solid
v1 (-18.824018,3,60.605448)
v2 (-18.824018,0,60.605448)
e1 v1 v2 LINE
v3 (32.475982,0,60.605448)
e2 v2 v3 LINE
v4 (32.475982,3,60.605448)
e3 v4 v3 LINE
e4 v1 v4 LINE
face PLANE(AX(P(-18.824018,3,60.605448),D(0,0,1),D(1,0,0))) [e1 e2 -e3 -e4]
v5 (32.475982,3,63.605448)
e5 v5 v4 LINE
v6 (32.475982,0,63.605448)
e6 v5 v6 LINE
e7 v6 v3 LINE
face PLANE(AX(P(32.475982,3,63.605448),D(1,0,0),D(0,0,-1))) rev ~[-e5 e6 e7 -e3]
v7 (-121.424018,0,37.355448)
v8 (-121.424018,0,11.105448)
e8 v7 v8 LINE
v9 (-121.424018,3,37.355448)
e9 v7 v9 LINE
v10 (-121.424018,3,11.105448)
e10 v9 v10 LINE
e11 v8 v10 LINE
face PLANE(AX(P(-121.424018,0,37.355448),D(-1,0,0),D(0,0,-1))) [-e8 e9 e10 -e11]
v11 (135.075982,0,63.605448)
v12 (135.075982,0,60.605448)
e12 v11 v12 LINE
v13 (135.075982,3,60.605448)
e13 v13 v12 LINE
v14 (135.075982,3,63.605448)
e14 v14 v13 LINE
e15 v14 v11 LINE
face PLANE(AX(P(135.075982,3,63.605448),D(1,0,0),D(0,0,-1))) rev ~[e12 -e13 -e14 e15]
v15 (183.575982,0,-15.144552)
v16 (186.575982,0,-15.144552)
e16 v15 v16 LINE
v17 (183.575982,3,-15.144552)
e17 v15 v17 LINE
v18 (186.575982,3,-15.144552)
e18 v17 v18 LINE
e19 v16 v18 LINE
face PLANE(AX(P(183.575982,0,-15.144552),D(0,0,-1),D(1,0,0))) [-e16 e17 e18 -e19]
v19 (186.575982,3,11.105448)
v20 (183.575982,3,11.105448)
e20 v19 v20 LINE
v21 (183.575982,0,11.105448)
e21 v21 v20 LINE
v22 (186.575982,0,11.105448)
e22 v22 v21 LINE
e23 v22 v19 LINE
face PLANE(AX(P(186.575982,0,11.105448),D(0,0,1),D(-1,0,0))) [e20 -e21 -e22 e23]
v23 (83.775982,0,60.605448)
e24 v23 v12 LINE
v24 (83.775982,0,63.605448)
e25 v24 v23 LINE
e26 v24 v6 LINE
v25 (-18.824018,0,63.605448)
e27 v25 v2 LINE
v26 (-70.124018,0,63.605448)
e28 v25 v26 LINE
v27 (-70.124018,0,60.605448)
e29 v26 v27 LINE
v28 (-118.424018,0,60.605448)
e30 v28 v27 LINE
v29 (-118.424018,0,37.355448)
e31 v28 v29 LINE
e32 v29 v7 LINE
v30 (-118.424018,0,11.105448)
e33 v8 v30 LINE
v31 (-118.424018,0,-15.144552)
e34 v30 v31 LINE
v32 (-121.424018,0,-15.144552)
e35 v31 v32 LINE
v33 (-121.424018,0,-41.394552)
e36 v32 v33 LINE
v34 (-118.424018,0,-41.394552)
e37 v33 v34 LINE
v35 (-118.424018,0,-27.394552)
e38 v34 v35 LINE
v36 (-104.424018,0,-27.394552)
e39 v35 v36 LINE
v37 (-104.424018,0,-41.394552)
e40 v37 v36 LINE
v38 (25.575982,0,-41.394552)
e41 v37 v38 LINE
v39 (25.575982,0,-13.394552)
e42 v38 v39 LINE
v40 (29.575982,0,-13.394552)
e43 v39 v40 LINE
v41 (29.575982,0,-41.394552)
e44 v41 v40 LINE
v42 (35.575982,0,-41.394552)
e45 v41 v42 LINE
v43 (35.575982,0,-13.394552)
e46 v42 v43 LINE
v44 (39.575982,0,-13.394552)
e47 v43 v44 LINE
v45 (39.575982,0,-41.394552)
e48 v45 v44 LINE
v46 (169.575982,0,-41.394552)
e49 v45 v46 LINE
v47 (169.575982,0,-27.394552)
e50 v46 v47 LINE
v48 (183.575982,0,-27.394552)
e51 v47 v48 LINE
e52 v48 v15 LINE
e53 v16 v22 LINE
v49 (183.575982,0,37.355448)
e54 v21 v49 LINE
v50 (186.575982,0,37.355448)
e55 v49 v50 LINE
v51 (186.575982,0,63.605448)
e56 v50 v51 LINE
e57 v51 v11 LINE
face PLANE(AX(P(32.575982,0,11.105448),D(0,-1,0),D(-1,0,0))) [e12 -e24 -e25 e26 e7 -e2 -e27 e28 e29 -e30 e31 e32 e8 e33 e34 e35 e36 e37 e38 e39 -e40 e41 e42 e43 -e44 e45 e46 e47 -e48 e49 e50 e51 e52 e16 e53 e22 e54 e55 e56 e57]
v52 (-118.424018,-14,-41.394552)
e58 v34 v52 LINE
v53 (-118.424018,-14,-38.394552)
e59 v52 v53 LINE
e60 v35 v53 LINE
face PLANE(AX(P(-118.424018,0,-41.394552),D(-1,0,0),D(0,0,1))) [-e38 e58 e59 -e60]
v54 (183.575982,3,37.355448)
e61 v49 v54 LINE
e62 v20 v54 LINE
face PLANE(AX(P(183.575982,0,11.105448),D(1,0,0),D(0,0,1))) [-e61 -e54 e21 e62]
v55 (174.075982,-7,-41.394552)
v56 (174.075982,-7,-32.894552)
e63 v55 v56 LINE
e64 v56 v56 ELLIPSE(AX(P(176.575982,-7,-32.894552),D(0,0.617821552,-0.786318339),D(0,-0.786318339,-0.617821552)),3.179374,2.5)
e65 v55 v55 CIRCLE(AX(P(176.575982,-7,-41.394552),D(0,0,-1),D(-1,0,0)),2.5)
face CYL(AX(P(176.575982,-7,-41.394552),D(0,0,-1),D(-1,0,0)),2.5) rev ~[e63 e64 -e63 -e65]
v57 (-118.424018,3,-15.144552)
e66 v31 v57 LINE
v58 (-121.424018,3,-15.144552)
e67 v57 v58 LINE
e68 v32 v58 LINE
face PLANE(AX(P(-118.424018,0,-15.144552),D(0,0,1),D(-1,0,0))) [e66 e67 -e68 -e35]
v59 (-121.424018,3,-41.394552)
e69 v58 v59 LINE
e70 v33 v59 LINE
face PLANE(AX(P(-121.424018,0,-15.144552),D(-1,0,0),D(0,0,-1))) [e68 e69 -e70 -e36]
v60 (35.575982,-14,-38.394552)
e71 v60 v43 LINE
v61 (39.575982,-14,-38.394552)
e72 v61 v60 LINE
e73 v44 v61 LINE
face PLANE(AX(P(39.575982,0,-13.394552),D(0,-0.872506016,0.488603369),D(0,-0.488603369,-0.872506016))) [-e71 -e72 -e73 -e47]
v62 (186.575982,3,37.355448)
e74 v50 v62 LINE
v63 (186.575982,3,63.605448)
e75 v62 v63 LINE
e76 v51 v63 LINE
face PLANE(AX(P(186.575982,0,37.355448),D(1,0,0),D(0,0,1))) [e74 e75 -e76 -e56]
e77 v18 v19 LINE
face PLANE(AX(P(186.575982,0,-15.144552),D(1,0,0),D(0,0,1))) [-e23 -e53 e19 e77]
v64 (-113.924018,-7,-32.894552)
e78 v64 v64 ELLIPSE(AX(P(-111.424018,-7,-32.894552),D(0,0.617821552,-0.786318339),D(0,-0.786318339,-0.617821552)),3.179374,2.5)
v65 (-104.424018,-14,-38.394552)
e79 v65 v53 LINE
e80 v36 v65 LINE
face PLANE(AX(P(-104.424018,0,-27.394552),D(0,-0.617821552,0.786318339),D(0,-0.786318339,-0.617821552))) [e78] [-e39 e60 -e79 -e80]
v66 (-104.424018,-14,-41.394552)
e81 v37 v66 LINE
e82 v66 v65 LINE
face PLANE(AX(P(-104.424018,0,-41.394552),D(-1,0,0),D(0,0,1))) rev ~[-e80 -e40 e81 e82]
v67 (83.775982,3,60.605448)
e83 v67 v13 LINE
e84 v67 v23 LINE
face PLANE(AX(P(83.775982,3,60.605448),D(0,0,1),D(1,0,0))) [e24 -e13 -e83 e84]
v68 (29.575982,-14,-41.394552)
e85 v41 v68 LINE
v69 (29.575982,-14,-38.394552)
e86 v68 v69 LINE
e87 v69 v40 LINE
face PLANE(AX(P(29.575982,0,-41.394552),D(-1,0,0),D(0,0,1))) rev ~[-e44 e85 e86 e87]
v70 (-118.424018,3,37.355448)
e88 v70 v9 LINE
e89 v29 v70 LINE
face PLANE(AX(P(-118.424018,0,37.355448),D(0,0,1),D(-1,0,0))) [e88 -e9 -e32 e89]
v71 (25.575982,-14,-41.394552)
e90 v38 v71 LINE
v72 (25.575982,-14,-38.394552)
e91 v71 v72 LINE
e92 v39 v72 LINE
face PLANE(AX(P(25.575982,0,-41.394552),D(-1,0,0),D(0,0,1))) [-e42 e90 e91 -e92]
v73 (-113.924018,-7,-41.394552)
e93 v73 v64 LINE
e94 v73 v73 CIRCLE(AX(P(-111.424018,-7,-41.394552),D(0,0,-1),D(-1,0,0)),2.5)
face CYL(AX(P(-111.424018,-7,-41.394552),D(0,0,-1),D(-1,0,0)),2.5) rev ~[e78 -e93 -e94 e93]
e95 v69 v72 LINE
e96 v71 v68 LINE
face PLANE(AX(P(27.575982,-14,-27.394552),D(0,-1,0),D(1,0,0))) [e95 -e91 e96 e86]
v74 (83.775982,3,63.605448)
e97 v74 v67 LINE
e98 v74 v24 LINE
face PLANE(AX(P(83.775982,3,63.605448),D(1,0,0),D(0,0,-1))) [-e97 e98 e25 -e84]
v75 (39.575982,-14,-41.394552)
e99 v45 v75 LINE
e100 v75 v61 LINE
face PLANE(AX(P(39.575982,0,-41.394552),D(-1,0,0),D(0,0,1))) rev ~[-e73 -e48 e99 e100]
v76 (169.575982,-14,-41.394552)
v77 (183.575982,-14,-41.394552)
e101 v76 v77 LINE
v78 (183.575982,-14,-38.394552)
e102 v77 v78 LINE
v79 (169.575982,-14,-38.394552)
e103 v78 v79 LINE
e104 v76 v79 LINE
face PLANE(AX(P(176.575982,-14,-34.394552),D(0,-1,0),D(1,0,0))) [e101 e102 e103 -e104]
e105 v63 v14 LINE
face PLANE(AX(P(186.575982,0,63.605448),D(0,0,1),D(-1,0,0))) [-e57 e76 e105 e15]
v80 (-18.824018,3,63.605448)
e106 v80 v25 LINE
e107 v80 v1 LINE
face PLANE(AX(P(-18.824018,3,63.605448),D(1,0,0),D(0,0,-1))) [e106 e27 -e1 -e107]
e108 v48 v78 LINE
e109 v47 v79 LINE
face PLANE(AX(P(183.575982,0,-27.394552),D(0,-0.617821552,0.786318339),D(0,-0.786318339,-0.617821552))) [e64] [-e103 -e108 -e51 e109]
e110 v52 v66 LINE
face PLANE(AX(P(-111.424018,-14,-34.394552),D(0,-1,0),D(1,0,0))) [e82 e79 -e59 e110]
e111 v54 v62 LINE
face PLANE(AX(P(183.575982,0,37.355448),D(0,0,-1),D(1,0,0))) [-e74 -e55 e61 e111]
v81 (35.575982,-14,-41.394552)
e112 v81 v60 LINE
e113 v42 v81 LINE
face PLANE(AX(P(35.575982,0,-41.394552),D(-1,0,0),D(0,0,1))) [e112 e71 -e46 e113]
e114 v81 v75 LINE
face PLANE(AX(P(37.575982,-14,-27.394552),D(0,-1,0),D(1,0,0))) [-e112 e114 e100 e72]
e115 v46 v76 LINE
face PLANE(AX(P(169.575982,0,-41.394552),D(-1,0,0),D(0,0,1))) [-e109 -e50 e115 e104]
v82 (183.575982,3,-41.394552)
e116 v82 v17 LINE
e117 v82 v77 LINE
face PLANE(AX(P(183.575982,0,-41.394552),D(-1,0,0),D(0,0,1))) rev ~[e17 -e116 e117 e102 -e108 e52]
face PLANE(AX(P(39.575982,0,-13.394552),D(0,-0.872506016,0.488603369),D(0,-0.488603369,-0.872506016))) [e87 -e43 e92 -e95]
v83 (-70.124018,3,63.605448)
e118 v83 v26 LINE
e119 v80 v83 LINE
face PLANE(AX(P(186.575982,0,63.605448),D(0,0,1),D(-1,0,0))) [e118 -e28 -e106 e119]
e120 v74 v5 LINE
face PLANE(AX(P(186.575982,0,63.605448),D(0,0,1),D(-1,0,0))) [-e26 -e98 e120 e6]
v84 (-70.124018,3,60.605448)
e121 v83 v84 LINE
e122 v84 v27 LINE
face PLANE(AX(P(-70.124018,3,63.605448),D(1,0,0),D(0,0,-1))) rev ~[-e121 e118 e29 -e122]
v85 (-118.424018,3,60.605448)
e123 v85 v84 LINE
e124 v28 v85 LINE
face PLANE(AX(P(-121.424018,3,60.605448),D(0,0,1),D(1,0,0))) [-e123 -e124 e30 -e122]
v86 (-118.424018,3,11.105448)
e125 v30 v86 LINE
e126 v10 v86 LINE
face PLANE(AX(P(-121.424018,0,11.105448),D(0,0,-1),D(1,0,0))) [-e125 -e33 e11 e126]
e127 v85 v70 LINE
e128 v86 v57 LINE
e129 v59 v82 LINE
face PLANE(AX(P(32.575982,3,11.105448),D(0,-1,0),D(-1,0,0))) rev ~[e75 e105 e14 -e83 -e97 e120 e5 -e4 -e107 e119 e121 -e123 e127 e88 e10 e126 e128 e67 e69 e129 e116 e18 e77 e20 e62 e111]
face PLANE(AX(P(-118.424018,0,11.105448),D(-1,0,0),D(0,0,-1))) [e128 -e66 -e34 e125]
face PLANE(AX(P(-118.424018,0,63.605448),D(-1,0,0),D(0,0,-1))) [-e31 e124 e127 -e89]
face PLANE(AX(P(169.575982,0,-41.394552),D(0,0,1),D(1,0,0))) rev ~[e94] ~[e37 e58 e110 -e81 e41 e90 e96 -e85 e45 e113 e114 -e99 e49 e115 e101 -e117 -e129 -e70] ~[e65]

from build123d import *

# Parameters (mm, degrees)
EXTRUDE_1_DEPTH     = 3
SKETCH_3_W          = 51.3
SKETCH_3_H          = 3
CUT_EXTRUDE_2_DEPTH = 3
SKETCH_4_W          = 4
SKETCH_4_H          = 28
SKETCH_4_W_2        = 14
SKETCH_4_H_2        = 14
EXTRUDE_2_DEPTH     = 14
CUT_EXTRUDE_3_DEPTH = 14
CUT_EXTRUDE_4_DEPTH = 14
CUT_EXTRUDE_5_DEPTH = 14
CUT_EXTRUDE_6_REACH = 216.55
SKETCH_9_R          = 2.5


with BuildPart() as part:
    # Эскиз1 → Бобышка-Вытянуть1 (new body)
    with BuildSketch(Plane(origin=(0, 0, 0), x_dir=(1, 0, 0), z_dir=(0, 1, 0))):
        Polygon((-121.424018304, 15.144551695), (-121.424018304, 41.394551695), (183.575981696, 41.394551695), (183.575981696, 15.144551695), (186.575981696, 15.144551695), (186.575981696, -11.105448305), (183.575981696, -11.105448305), (183.575981696, -37.355448305), (186.575981696, -37.355448305), (186.575981696, -63.605448305), (-118.424018304, -63.605448305), (-118.424018304, -37.355448305), (-121.424018304, -37.355448305), (-121.424018304, -11.105448305), (-118.424018304, -11.105448305), (-118.424018304, 15.144551695), align=None)
    extrude(amount=EXTRUDE_1_DEPTH)

    # Эскиз3 → Вырез-Вытянуть2 (cut)
    with BuildSketch(Plane(origin=(0, 3, 0), x_dir=(1, 0, 0), z_dir=(0, 1, 0))):
        with Locations((-95.774018304, -62.105448305)):
            Rectangle(SKETCH_3_W, SKETCH_3_H)
        with Locations((6.825981696, -62.105448305)):
            Rectangle(SKETCH_3_W, SKETCH_3_H)
        with Locations((109.425981696, -62.105448305)):
            Rectangle(SKETCH_3_W, SKETCH_3_H)
    extrude(amount=-CUT_EXTRUDE_2_DEPTH, mode=Mode.SUBTRACT)

    # Эскиз4 → Бобышка-Вытянуть2 (add)
    with BuildSketch(Plane.XZ):
        with Locations((27.575981696, -27.394551695)):
            Rectangle(SKETCH_4_W, SKETCH_4_H)
        with Locations((-111.424018304, -34.394551695)):
            Rectangle(SKETCH_4_W_2, SKETCH_4_H_2)
        with Locations((176.575981696, -34.394551695)):
            Rectangle(SKETCH_4_W_2, SKETCH_4_H_2)
        with Locations((37.575981696, -27.394551695)):
            Rectangle(SKETCH_4_W, SKETCH_4_H)
    extrude(amount=EXTRUDE_2_DEPTH)

    # Эскиз6 → Вырез-Вытянуть3 (cut)
    with BuildSketch(Plane(origin=(39.575981696, 0, 0), x_dir=(0, 0, -1), z_dir=(1, 0, 0))):
        Polygon((13.394551695, -14), (13.394551695, 0), (38.394551695, -14), align=None)
    extrude(amount=-CUT_EXTRUDE_3_DEPTH, mode=Mode.SUBTRACT)

    # Эскиз7 → Вырез-Вытянуть4 (cut)
    with BuildSketch(Plane(origin=(183.575981696, 0, 0), x_dir=(0, 0, -1), z_dir=(1, 0, 0))):
        Polygon((27.394551695, -14), (27.394551695, 0), (38.394551695, -14), align=None)
    extrude(amount=-CUT_EXTRUDE_4_DEPTH, mode=Mode.SUBTRACT)

    # Эскиз8 → Вырез-Вытянуть5 (cut)
    with BuildSketch(Plane(origin=(-104.424018304, 0, 0), x_dir=(0, 0, -1), z_dir=(1, 0, 0))):
        Polygon((27.394551695, -14), (27.394551695, 0), (38.394551695, -14), align=None)
    extrude(amount=-CUT_EXTRUDE_5_DEPTH, mode=Mode.SUBTRACT)

    # Вырез-Вытянуть6: up to this plane
    cut_extrude_6_end = Plane(origin=(169.575981696, -14, -38.394551695), z_dir=(0, 0.6178215519319037, -0.7863183388224225))
    # Эскиз9 → Вырез-Вытянуть6 (cut, up to the surface)
    with BuildSketch(Plane(origin=(0, 0, -41.394551695), x_dir=(-1, 0, 0), z_dir=(0, 0, -1)), mode=Mode.PRIVATE) as cut_extrude_6_sk1:
        with Locations((-176.575981696, -7)):
            Circle(SKETCH_9_R)
    cut_extrude_6_tool1 = split(extrude(cut_extrude_6_sk1.sketch, amount=-CUT_EXTRUDE_6_REACH, mode=Mode.PRIVATE), bisect_by=cut_extrude_6_end, keep=Keep.BOTH, mode=Mode.PRIVATE)
    add(cut_extrude_6_tool1.solids().sort_by_distance((176.575982, -7, -41.394552))[0], mode=Mode.SUBTRACT)
    # Эскиз9 → Вырез-Вытянуть6 (cut, up to the surface)
    with BuildSketch(Plane(origin=(0, 0, -41.394551695), x_dir=(-1, 0, 0), z_dir=(0, 0, -1)), mode=Mode.PRIVATE) as cut_extrude_6_sk2:
        with Locations((111.424018304, -7)):
            Circle(SKETCH_9_R)
    cut_extrude_6_tool2 = split(extrude(cut_extrude_6_sk2.sketch, amount=-CUT_EXTRUDE_6_REACH, mode=Mode.PRIVATE), bisect_by=cut_extrude_6_end, keep=Keep.BOTH, mode=Mode.PRIVATE)
    add(cut_extrude_6_tool2.solids().sort_by_distance((-111.424018, -7, -41.394552))[0], mode=Mode.SUBTRACT)


solid = part.part
